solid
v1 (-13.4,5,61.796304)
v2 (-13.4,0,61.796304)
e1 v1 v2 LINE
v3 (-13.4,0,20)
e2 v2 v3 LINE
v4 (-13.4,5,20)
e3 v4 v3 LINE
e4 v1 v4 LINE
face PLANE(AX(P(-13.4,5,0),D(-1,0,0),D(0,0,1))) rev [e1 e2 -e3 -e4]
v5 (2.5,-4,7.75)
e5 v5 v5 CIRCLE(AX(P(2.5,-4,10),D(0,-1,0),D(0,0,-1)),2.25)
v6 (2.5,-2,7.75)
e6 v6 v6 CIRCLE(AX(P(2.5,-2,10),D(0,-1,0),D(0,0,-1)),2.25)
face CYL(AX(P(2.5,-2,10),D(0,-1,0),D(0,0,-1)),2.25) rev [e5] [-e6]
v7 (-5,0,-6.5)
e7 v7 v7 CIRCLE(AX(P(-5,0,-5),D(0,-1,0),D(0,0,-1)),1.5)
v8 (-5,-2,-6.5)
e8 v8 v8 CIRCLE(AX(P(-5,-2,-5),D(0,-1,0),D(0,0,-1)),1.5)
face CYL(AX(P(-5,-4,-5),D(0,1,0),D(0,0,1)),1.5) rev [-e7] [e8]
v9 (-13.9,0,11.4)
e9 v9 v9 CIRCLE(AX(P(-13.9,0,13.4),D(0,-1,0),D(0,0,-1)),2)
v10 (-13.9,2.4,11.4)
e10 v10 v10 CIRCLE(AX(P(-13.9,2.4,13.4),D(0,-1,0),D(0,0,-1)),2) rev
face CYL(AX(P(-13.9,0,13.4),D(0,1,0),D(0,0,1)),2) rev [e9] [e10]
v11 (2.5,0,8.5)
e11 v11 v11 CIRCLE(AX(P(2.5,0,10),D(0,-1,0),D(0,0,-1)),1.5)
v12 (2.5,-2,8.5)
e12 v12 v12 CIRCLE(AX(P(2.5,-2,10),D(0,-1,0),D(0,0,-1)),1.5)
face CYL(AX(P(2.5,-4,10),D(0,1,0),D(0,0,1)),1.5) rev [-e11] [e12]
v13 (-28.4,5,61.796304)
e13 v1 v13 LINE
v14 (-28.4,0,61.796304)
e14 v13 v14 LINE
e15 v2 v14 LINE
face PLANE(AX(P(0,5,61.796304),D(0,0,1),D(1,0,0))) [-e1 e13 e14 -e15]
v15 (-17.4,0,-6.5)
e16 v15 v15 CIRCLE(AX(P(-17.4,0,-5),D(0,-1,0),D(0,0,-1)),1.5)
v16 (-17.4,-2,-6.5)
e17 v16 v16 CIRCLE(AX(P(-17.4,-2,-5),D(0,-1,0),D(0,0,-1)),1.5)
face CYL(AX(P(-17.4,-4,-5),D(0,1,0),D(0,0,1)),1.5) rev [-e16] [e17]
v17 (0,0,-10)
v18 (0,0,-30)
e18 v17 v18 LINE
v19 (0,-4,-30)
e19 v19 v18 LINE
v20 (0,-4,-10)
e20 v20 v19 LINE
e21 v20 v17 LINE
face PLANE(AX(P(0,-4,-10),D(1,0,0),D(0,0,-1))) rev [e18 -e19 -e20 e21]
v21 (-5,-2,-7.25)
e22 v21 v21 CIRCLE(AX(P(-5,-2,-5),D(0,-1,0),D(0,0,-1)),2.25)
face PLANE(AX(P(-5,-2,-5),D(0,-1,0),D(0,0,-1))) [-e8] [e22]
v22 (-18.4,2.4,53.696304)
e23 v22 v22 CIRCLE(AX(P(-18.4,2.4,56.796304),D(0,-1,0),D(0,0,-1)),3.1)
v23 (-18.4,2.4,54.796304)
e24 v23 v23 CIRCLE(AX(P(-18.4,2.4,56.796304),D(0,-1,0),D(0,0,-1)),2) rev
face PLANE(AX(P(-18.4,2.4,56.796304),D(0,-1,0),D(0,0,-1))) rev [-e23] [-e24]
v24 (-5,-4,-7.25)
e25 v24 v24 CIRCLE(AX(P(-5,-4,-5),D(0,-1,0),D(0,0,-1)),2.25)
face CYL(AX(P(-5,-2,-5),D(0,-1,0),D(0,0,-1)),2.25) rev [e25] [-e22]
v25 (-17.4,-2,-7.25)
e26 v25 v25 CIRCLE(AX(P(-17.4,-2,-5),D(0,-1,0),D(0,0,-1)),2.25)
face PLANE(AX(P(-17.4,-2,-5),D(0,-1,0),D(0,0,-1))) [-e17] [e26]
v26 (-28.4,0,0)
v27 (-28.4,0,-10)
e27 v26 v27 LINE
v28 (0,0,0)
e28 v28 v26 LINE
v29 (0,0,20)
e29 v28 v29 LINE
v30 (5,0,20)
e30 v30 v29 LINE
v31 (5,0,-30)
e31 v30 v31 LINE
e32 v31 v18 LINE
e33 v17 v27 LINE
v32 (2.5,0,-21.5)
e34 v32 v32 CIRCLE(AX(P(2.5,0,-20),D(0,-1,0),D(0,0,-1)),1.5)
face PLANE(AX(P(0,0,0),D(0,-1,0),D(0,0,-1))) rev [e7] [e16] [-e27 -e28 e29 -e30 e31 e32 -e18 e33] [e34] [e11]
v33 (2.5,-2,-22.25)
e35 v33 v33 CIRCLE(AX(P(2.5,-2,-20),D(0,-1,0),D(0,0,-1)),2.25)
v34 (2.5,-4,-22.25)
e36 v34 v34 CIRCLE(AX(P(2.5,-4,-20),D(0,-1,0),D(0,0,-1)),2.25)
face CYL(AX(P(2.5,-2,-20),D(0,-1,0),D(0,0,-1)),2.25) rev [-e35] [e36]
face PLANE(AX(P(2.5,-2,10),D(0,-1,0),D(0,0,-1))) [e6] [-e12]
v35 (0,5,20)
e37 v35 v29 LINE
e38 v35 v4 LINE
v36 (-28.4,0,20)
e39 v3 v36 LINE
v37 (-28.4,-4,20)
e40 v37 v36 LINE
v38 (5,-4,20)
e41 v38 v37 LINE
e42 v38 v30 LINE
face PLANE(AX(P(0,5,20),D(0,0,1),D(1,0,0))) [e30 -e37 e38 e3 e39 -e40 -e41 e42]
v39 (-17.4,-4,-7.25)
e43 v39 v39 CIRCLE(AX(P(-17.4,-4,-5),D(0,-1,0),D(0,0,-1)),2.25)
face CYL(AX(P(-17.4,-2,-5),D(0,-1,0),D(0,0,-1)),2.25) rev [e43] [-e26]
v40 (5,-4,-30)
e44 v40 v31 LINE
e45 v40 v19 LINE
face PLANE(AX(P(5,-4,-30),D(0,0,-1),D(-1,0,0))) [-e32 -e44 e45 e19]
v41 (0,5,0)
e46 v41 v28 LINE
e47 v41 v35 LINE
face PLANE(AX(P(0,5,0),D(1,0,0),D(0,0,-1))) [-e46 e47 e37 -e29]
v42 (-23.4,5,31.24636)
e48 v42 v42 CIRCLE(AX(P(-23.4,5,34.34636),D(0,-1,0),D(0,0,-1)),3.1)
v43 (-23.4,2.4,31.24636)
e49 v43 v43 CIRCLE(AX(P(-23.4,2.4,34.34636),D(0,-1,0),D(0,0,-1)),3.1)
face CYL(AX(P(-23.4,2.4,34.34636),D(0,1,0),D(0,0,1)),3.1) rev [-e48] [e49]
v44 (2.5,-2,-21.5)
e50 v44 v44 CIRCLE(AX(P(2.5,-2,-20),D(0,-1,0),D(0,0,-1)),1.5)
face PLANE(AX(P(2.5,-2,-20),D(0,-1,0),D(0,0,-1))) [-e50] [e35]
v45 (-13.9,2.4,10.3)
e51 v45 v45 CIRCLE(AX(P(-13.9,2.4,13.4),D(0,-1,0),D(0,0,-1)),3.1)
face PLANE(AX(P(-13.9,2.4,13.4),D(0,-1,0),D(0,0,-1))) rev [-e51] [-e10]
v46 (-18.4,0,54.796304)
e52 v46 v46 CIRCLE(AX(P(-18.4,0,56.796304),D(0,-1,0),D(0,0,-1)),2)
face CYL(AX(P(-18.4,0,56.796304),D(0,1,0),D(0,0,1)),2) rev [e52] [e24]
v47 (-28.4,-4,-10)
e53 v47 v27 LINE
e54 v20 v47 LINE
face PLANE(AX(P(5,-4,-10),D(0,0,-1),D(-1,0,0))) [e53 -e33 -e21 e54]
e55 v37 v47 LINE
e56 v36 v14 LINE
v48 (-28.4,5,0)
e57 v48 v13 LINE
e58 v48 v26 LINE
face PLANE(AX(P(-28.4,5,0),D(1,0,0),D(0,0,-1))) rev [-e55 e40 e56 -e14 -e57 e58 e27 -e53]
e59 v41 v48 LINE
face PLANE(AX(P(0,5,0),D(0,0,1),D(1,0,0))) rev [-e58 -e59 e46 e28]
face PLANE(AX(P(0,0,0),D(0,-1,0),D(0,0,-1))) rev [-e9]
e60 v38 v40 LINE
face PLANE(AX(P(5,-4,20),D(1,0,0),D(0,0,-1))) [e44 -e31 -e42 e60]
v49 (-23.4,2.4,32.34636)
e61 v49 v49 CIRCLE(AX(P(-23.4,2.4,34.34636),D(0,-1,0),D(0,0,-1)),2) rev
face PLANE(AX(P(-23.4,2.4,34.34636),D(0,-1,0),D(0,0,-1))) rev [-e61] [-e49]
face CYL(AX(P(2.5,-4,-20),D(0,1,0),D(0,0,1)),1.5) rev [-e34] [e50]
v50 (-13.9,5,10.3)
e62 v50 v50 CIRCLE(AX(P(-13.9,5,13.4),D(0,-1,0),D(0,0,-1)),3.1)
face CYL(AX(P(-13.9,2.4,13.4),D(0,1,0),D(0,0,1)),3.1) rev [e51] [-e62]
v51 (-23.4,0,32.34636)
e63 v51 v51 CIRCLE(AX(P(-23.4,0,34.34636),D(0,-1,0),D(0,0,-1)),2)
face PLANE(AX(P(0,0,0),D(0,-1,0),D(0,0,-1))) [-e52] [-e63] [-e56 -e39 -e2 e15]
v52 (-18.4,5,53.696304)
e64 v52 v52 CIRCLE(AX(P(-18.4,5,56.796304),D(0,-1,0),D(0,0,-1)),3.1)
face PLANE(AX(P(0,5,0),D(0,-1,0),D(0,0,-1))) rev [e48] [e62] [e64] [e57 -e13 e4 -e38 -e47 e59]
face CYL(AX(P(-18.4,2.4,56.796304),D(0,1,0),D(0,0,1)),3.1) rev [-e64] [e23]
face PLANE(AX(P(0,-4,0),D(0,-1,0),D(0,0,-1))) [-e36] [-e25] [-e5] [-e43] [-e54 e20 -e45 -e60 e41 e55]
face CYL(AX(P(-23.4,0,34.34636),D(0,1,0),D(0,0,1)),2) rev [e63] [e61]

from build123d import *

# Parameters (mm, degrees)
SKETCH_4_W          = 28.4
SKETCH_4_H          = 61.796304386
EXTRUDE_1_DEPTH     = 5
CUT_EXTRUDE_START   = 5
SKETCH_4_4_R        = 3.1
CUT_EXTRUDE_1_DEPTH = 2.6
SKETCH_4_5_R        = 2
CUT_EXTRUDE_2_DEPTH = 74.193425166
SKETCH_4_6_W        = 13.4
SKETCH_4_6_H        = 41.796304386
CUT_EXTRUDE_3_DEPTH = 69.193425166
SKETCH_5_W          = 5
SKETCH_5_H          = 20
EXTRUDE_2_DEPTH     = 4
SKETCH_5_3_R        = 1.5
CUT_EXTRUDE_5_DEPTH = 69.193425166
CUT_EXTRUDE_START_2 = 4
SKETCH_5_4_R        = 2.25
CUT_EXTRUDE_7_DEPTH = 2


with BuildPart() as part:
    # 草图4 → 凸台-拉伸1 (new body)
    with BuildSketch(Plane(origin=(0, 0, 0), x_dir=(1, 0, 0), z_dir=(0, 1, 0))):
        with Locations((-14.2, -30.898152193)):
            Rectangle(SKETCH_4_W, SKETCH_4_H)
    extrude(amount=EXTRUDE_1_DEPTH)

    # 草图4<4> → 切除-拉伸1 (cut)
    with BuildSketch(Plane(origin=(0, 0, 0), x_dir=(1, 0, 0), z_dir=(0, 1, 0)).offset(CUT_EXTRUDE_START)):
        with Locations(Location((-13.9, -13.4, 0), (0, 0, 90))):
            Circle(SKETCH_4_4_R)
        with Locations(Location((-23.4, -34.346360066, 0), (0, 0, 90))):
            Circle(SKETCH_4_4_R)
        with Locations(Location((-18.4, -56.796304386, 0), (0, 0, 90))):
            Circle(SKETCH_4_4_R)
    extrude(amount=-CUT_EXTRUDE_1_DEPTH, mode=Mode.SUBTRACT)

    # 草图4<5> → 切除-拉伸2 (cut, through all)
    with BuildSketch(Plane(origin=(0, 0, 0), x_dir=(1, 0, 0), z_dir=(0, 1, 0)).offset(CUT_EXTRUDE_START)):
        with Locations(Location((-13.9, -13.4, 0), (0, 0, 90))):
            Circle(SKETCH_4_5_R)
        with Locations(Location((-23.4, -34.346360066, 0), (0, 0, 90))):
            Circle(SKETCH_4_5_R)
        with Locations(Location((-18.4, -56.796304386, 0), (0, 0, 90))):
            Circle(SKETCH_4_5_R)
    extrude(amount=-CUT_EXTRUDE_2_DEPTH, mode=Mode.SUBTRACT)

    # 草图4<6> → 切除-拉伸3 (cut, through all)
    with BuildSketch(Plane(origin=(0, 0, 0), x_dir=(1, 0, 0), z_dir=(0, 1, 0))):
        with Locations((-6.7, -40.898152193)):
            Rectangle(SKETCH_4_6_W, SKETCH_4_6_H)
    extrude(amount=CUT_EXTRUDE_3_DEPTH, mode=Mode.SUBTRACT)

    # 草图5 → 凸台-拉伸2 (add)
    with BuildSketch(Plane.XZ):
        Polygon((5, -10), (5, 20), (-28.4, 20), (-28.4, -10), (0, -10), align=None)
        with Locations((2.5, -20)):
            Rectangle(SKETCH_5_W, SKETCH_5_H)
    extrude(amount=EXTRUDE_2_DEPTH)

    # 草图5<3> → 切除-拉伸5 (cut, through all)
    with BuildSketch(Plane.XZ):
        with Locations(Location((-17.4, -5, 0), (0, 0, 270))):
            Circle(SKETCH_5_3_R)
        with Locations(Location((-5, -5, 0), (0, 0, 270))):
            Circle(SKETCH_5_3_R)
        with Locations(Location((2.5, 10, 0), (0, 0, 270))):
            Circle(SKETCH_5_3_R)
        with Locations(Location((2.5, -20, 0), (0, 0, 270))):
            Circle(SKETCH_5_3_R)
    extrude(amount=CUT_EXTRUDE_5_DEPTH, mode=Mode.SUBTRACT)

    # 草图5<4> → 切除-拉伸7 (cut)
    with BuildSketch(Plane.XZ.offset(CUT_EXTRUDE_START_2)):
        with Locations(Location((-17.4, -5, 0), (0, 0, 270))):
            Circle(SKETCH_5_4_R)
        with Locations(Location((-5, -5, 0), (0, 0, 270))):
            Circle(SKETCH_5_4_R)
        with Locations(Location((2.5, 10, 0), (0, 0, 270))):
            Circle(SKETCH_5_4_R)
        with Locations(Location((2.5, -20, 0), (0, 0, 270))):
            Circle(SKETCH_5_4_R)
    extrude(amount=-CUT_EXTRUDE_7_DEPTH, mode=Mode.SUBTRACT)


solid = part.part
